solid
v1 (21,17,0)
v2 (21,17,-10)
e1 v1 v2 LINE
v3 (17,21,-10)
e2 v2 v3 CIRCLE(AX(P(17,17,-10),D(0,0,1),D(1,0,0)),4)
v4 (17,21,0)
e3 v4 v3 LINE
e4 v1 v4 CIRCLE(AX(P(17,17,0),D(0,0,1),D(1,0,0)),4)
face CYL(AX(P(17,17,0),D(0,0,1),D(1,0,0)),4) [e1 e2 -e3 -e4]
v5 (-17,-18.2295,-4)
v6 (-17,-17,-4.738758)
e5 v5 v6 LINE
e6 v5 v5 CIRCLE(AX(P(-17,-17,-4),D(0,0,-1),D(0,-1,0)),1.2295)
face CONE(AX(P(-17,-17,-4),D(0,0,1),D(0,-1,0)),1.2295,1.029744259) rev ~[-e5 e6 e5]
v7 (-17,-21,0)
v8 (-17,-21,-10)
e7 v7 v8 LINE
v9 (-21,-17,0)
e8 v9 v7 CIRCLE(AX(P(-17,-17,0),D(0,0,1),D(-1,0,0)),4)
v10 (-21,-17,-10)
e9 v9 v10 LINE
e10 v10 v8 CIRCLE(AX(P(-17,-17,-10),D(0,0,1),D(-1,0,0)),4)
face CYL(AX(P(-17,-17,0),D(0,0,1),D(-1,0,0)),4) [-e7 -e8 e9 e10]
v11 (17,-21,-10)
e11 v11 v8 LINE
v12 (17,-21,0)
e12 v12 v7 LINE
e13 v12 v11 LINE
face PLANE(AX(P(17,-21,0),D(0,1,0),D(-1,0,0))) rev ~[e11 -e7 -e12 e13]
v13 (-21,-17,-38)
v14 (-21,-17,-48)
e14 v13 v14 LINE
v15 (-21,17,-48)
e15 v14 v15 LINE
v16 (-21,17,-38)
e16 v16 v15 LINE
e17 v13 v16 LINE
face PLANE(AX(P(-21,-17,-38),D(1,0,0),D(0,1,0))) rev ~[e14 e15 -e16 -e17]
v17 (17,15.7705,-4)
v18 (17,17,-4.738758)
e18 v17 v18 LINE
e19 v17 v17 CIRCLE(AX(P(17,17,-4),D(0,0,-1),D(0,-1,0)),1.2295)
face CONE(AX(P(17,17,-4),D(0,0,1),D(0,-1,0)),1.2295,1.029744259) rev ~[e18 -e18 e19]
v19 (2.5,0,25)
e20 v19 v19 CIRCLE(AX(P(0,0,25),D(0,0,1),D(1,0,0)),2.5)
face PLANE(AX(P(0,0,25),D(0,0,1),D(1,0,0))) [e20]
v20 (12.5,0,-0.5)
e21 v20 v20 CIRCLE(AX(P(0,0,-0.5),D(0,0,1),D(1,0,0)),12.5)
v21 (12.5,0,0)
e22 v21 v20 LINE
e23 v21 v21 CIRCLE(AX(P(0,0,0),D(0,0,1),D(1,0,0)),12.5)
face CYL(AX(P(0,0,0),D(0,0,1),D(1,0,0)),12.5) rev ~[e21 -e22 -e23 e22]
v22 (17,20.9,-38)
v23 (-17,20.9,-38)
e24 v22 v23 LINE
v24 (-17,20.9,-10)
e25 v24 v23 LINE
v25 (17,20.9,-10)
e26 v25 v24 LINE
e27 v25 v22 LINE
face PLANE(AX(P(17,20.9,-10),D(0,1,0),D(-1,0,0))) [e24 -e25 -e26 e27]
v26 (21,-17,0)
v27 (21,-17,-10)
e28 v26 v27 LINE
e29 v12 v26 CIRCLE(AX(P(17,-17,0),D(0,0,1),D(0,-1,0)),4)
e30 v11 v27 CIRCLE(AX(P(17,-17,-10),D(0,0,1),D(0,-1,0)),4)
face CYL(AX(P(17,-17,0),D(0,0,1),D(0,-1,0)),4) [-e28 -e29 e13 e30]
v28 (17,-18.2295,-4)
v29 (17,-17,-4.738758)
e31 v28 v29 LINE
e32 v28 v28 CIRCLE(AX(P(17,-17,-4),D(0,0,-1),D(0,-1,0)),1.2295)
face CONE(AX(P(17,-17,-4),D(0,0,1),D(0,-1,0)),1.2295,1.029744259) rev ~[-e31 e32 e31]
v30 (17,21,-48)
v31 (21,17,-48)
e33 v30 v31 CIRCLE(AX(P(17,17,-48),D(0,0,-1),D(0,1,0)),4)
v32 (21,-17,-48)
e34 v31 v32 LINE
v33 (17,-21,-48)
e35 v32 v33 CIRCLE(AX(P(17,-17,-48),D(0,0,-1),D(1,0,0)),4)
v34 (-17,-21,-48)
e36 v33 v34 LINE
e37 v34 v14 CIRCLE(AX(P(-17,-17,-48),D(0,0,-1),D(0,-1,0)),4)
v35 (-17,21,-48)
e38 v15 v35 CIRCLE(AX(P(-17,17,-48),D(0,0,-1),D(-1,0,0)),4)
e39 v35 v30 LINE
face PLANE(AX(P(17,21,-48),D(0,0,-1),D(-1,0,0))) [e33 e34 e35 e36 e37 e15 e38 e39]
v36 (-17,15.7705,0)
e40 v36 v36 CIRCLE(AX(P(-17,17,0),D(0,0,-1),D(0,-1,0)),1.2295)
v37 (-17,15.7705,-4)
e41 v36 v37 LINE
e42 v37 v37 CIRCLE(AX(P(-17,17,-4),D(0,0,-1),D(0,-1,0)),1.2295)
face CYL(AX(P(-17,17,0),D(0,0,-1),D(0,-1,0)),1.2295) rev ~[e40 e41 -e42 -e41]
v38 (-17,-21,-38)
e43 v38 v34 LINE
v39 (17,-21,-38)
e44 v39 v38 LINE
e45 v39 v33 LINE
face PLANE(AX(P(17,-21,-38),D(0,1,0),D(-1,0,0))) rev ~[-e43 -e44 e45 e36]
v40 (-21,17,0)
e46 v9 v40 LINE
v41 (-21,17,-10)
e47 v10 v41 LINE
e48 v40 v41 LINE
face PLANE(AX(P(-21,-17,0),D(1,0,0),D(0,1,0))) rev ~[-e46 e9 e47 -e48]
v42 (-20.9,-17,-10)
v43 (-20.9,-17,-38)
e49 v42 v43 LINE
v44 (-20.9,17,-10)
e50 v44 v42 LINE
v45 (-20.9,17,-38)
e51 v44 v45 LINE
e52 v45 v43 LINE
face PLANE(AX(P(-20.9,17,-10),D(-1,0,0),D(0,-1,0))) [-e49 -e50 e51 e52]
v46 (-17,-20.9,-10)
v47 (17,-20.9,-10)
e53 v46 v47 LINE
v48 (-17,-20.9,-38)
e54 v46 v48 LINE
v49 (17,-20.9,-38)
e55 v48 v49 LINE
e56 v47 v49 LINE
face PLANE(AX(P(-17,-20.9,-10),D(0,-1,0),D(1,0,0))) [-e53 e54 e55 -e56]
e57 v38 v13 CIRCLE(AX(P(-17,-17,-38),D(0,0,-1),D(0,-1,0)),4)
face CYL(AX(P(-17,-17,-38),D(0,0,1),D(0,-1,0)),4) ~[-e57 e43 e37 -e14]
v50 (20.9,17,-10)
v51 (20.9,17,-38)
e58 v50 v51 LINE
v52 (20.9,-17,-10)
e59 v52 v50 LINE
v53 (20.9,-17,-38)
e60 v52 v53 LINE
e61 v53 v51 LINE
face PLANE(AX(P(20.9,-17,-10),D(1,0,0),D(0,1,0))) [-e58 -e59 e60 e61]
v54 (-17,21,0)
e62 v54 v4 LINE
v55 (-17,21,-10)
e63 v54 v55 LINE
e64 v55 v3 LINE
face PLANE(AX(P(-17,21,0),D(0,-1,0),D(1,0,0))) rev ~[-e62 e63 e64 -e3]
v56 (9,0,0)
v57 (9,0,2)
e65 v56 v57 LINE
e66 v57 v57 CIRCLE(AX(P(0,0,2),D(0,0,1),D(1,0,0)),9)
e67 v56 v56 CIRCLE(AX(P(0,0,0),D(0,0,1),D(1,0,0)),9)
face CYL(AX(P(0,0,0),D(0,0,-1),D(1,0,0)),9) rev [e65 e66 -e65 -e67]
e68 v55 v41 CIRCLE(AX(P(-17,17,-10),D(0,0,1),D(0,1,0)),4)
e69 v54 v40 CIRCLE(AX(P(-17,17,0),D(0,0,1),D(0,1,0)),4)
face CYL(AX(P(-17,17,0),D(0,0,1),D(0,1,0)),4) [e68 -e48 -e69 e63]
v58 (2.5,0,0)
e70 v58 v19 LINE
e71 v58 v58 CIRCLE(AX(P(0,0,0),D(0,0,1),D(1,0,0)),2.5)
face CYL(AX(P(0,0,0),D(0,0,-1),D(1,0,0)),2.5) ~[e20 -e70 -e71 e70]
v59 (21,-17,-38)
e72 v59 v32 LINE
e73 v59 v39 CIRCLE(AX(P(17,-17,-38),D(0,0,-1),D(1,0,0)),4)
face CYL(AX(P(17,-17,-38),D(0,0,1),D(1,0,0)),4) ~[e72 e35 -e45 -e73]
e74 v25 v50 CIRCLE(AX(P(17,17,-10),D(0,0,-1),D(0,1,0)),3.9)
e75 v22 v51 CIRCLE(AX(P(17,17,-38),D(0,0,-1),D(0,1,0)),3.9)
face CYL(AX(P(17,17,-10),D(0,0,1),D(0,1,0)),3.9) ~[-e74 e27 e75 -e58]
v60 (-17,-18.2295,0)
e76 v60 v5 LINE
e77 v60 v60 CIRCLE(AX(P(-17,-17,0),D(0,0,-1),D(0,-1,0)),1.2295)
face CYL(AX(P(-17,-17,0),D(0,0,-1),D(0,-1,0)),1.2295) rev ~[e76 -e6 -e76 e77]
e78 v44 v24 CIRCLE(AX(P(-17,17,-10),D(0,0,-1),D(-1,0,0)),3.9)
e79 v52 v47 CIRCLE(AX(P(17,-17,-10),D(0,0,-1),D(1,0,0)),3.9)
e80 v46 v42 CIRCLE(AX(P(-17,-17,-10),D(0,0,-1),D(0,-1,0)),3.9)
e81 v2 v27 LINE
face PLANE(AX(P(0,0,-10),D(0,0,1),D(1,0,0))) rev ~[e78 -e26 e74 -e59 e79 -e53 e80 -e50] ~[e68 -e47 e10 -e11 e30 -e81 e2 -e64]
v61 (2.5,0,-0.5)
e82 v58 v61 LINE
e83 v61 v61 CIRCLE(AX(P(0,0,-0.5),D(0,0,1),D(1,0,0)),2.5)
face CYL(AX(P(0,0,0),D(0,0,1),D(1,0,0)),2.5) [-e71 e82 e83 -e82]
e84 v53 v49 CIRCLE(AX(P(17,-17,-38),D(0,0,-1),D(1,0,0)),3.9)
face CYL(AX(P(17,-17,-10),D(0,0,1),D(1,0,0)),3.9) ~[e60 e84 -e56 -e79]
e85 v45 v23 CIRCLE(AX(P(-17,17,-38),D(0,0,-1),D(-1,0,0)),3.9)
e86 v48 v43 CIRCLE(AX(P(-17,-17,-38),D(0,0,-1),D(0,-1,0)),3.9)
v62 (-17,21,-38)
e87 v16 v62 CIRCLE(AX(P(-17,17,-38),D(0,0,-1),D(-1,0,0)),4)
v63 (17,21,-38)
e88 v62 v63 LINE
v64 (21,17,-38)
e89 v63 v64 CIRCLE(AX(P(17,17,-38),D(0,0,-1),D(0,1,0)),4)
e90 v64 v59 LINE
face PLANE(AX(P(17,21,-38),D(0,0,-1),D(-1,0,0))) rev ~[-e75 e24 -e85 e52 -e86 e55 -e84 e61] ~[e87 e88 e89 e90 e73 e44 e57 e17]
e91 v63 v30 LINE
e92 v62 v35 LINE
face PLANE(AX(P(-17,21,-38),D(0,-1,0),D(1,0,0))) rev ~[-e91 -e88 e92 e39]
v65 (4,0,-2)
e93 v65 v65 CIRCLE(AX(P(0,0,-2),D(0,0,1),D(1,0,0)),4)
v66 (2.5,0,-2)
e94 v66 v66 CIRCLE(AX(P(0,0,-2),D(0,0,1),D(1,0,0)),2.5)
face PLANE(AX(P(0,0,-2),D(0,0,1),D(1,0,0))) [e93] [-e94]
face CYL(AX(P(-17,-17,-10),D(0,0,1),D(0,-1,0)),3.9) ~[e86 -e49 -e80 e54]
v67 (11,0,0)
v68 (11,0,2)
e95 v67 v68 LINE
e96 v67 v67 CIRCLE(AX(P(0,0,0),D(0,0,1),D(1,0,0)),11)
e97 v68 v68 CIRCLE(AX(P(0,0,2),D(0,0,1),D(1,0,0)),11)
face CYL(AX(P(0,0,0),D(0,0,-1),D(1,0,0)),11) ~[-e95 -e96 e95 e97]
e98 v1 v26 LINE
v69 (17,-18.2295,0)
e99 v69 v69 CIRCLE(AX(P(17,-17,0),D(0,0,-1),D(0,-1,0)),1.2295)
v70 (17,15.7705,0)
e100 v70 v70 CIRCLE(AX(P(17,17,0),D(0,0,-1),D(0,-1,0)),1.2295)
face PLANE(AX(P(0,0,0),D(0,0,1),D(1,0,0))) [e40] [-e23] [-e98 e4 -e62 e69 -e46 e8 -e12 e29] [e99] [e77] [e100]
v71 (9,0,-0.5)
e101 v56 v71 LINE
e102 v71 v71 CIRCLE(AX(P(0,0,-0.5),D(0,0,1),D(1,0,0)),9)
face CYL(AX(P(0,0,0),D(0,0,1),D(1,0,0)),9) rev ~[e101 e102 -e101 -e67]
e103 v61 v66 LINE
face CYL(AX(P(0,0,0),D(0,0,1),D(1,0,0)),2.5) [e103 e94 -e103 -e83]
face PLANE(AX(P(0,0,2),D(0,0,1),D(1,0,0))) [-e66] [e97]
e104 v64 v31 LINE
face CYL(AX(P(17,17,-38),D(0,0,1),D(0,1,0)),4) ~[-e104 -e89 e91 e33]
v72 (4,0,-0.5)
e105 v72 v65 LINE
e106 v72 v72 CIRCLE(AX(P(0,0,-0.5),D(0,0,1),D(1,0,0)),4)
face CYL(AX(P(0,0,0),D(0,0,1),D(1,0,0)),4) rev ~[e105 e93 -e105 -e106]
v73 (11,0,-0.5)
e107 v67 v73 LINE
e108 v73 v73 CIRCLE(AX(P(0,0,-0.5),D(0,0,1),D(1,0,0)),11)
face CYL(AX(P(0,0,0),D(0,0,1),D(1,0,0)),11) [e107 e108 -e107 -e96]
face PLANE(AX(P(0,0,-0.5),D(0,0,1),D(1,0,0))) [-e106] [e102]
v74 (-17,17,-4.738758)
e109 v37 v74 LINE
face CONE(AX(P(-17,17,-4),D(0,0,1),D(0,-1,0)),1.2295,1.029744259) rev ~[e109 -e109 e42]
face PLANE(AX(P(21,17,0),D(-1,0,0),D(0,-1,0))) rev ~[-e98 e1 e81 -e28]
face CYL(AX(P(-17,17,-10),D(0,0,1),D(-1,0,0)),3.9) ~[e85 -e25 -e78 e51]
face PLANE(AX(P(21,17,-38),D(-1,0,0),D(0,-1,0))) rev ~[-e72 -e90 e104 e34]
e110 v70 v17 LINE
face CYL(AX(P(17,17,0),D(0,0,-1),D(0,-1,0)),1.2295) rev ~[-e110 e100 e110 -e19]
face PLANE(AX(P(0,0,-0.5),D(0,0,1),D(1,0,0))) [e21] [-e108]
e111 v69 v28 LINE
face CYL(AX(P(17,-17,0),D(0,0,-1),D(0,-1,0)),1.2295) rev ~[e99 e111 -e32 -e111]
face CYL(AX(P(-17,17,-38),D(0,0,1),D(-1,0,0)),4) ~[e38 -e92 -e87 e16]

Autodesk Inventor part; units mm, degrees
ref_plane "YZ Plane" through (0, 0, 0) normal (1, 0, 0) x (0, 1, 0)
sketch "Sketch1" plane through (0, 0, 0) normal (0, 0, 1) x (1, 0, 0)
  circle A0 centre (0, 0) radius 12.5
  circle A1 centre (0, 0) radius 9
  circle A2 centre (0, 0) radius 11
  line L0 (17, -21) -> (-17, -21)
  line L1 (-21, -17) -> (-21, 17)
  line L2 (-17, 21) -> (17, 21)
  line L3 (21, 17) -> (21, -17)
  line L4 (21, -21) -> (-21, 21) construction
  line L5 (-21, -21) -> (21, 21) construction
  arc A3 (-17, 21) -> (-21, 17) centre (-17, 17) ccw
  arc A4 (-21, -17) -> (-17, -21) centre (-17, -17) ccw
  arc A5 (17, -21) -> (21, -17) centre (17, -17) ccw
  arc A6 (21, 17) -> (17, 21) centre (17, 17) ccw
  line L6 (15.5, -15.5) -> (-15.5, -15.5) construction
  line L7 (-15.5, -15.5) -> (-15.5, 15.5) construction
  line L8 (-15.5, 15.5) -> (15.5, 15.5) construction
  line L9 (15.5, 15.5) -> (15.5, -15.5) construction
  line L10 (15.5, -15.5) -> (-15.5, 15.5) construction
  line L11 (-15.5, -15.5) -> (15.5, 15.5) construction
  circle A7 centre (0, 0) radius 2.5
  circle A8 centre (0, 0) radius 4
  dimension "d0" = 42
  dimension "d2" = 42
  dimension "d3" = 4
  dimension "d4" = 18
  dimension "d5" = 22
  dimension "d6" = 25
  dimension "d7" = 31
  dimension "d22" = 5
  dimension "d23" = 8
ref_plane "Work Plane1" through (0, 0, -10) normal (0, 0, 1) x (1, 0, 0)
ref_plane "Work Plane3" through (0, 0, -38) normal (0, 0, 1) x (1, 0, 0)
ref_plane "Work Plane2" through (0, 0, -48) normal (0, 0, 1) x (1, 0, 0)
extrude "Extrusion1" add sketch "Sketch1" against normal up to surface (10 mm away) from surface at 0 contours A0 | A1 | A2 | L0 A4 L1 A3 L2 A6 L3 A5 | A7 | A8
sketch "Sketch2" plane through (17, 21, -10) normal (0, 0, -1) x (-1, 0, 0)
  arc A0 (34, -42) -> (38, -38) centre (34, -38) ccw projected
  line L0 (38, -38) -> (38, -4) projected
  arc A1 (38, -4) -> (34, 0) centre (34, -4) ccw projected
  line L1 (34, 0) -> (0, 0) projected
  arc A2 (0, 0) -> (-4, -4) centre (0, -4) ccw projected
  line L2 (-4, -4) -> (-4, -38) projected
  arc A3 (-4, -38) -> (0, -42) centre (0, -38) ccw projected
  line L3 (0, -42) -> (34, -42) projected
  line L4 (0, -0.1) -> (34, -0.1)
  arc A4 (37.9, -4) -> (34, -0.1) centre (34, -4) ccw
  line L5 (37.9, -4) -> (37.9, -38)
  arc A5 (34, -41.9) -> (37.9, -38) centre (34, -38) ccw
  line L6 (34, -41.9) -> (0, -41.9)
  arc A6 (-3.9, -38) -> (0, -41.9) centre (0, -38) ccw
  line L7 (-3.9, -38) -> (-3.9, -4)
  arc A7 (0, -0.1) -> (-3.9, -4) centre (0, -4) ccw
  point P0 (17, -21)
  dimension "d13" = 0.1
extrude "Extrusion2" add sketch "Sketch2" along normal up to surface (10 mm away) from surface at 28 contours L3 A3 L2 A2 L1 A1 L0 A0 | L4 A4 L5 A5 L6 A6 L7 A7
extrude "Extrusion3" add sketch "Sketch2" along normal up to surface (28 mm away) from surface at 0 contours L4 A4 L5 A5 L6 A6 L7 A7
extrude "Extrusion4" cut sketch "Sketch1" against normal blind 0.5 contours A0 | A1 | A8
extrude "Extrusion5" add sketch "Sketch1" along normal blind 2 contours A2
extrude "Extrusion6" cut sketch "Sketch1" against normal blind 2 contours A8
extrude "Extrusion7" add sketch "Sketch1" along normal blind 25 contours A7
hole "Hole1" at (-17, 17, 0) at (-17, -17, 0) at (17, -17, 0) at (17, 17, 0) direction (0, 0, -1) diameter 2.459 depth 4 tip angle 118 thread size "M3x0.5" class "6H" standard "ISO Metric profile"
properties part number "nema17 48mm"
